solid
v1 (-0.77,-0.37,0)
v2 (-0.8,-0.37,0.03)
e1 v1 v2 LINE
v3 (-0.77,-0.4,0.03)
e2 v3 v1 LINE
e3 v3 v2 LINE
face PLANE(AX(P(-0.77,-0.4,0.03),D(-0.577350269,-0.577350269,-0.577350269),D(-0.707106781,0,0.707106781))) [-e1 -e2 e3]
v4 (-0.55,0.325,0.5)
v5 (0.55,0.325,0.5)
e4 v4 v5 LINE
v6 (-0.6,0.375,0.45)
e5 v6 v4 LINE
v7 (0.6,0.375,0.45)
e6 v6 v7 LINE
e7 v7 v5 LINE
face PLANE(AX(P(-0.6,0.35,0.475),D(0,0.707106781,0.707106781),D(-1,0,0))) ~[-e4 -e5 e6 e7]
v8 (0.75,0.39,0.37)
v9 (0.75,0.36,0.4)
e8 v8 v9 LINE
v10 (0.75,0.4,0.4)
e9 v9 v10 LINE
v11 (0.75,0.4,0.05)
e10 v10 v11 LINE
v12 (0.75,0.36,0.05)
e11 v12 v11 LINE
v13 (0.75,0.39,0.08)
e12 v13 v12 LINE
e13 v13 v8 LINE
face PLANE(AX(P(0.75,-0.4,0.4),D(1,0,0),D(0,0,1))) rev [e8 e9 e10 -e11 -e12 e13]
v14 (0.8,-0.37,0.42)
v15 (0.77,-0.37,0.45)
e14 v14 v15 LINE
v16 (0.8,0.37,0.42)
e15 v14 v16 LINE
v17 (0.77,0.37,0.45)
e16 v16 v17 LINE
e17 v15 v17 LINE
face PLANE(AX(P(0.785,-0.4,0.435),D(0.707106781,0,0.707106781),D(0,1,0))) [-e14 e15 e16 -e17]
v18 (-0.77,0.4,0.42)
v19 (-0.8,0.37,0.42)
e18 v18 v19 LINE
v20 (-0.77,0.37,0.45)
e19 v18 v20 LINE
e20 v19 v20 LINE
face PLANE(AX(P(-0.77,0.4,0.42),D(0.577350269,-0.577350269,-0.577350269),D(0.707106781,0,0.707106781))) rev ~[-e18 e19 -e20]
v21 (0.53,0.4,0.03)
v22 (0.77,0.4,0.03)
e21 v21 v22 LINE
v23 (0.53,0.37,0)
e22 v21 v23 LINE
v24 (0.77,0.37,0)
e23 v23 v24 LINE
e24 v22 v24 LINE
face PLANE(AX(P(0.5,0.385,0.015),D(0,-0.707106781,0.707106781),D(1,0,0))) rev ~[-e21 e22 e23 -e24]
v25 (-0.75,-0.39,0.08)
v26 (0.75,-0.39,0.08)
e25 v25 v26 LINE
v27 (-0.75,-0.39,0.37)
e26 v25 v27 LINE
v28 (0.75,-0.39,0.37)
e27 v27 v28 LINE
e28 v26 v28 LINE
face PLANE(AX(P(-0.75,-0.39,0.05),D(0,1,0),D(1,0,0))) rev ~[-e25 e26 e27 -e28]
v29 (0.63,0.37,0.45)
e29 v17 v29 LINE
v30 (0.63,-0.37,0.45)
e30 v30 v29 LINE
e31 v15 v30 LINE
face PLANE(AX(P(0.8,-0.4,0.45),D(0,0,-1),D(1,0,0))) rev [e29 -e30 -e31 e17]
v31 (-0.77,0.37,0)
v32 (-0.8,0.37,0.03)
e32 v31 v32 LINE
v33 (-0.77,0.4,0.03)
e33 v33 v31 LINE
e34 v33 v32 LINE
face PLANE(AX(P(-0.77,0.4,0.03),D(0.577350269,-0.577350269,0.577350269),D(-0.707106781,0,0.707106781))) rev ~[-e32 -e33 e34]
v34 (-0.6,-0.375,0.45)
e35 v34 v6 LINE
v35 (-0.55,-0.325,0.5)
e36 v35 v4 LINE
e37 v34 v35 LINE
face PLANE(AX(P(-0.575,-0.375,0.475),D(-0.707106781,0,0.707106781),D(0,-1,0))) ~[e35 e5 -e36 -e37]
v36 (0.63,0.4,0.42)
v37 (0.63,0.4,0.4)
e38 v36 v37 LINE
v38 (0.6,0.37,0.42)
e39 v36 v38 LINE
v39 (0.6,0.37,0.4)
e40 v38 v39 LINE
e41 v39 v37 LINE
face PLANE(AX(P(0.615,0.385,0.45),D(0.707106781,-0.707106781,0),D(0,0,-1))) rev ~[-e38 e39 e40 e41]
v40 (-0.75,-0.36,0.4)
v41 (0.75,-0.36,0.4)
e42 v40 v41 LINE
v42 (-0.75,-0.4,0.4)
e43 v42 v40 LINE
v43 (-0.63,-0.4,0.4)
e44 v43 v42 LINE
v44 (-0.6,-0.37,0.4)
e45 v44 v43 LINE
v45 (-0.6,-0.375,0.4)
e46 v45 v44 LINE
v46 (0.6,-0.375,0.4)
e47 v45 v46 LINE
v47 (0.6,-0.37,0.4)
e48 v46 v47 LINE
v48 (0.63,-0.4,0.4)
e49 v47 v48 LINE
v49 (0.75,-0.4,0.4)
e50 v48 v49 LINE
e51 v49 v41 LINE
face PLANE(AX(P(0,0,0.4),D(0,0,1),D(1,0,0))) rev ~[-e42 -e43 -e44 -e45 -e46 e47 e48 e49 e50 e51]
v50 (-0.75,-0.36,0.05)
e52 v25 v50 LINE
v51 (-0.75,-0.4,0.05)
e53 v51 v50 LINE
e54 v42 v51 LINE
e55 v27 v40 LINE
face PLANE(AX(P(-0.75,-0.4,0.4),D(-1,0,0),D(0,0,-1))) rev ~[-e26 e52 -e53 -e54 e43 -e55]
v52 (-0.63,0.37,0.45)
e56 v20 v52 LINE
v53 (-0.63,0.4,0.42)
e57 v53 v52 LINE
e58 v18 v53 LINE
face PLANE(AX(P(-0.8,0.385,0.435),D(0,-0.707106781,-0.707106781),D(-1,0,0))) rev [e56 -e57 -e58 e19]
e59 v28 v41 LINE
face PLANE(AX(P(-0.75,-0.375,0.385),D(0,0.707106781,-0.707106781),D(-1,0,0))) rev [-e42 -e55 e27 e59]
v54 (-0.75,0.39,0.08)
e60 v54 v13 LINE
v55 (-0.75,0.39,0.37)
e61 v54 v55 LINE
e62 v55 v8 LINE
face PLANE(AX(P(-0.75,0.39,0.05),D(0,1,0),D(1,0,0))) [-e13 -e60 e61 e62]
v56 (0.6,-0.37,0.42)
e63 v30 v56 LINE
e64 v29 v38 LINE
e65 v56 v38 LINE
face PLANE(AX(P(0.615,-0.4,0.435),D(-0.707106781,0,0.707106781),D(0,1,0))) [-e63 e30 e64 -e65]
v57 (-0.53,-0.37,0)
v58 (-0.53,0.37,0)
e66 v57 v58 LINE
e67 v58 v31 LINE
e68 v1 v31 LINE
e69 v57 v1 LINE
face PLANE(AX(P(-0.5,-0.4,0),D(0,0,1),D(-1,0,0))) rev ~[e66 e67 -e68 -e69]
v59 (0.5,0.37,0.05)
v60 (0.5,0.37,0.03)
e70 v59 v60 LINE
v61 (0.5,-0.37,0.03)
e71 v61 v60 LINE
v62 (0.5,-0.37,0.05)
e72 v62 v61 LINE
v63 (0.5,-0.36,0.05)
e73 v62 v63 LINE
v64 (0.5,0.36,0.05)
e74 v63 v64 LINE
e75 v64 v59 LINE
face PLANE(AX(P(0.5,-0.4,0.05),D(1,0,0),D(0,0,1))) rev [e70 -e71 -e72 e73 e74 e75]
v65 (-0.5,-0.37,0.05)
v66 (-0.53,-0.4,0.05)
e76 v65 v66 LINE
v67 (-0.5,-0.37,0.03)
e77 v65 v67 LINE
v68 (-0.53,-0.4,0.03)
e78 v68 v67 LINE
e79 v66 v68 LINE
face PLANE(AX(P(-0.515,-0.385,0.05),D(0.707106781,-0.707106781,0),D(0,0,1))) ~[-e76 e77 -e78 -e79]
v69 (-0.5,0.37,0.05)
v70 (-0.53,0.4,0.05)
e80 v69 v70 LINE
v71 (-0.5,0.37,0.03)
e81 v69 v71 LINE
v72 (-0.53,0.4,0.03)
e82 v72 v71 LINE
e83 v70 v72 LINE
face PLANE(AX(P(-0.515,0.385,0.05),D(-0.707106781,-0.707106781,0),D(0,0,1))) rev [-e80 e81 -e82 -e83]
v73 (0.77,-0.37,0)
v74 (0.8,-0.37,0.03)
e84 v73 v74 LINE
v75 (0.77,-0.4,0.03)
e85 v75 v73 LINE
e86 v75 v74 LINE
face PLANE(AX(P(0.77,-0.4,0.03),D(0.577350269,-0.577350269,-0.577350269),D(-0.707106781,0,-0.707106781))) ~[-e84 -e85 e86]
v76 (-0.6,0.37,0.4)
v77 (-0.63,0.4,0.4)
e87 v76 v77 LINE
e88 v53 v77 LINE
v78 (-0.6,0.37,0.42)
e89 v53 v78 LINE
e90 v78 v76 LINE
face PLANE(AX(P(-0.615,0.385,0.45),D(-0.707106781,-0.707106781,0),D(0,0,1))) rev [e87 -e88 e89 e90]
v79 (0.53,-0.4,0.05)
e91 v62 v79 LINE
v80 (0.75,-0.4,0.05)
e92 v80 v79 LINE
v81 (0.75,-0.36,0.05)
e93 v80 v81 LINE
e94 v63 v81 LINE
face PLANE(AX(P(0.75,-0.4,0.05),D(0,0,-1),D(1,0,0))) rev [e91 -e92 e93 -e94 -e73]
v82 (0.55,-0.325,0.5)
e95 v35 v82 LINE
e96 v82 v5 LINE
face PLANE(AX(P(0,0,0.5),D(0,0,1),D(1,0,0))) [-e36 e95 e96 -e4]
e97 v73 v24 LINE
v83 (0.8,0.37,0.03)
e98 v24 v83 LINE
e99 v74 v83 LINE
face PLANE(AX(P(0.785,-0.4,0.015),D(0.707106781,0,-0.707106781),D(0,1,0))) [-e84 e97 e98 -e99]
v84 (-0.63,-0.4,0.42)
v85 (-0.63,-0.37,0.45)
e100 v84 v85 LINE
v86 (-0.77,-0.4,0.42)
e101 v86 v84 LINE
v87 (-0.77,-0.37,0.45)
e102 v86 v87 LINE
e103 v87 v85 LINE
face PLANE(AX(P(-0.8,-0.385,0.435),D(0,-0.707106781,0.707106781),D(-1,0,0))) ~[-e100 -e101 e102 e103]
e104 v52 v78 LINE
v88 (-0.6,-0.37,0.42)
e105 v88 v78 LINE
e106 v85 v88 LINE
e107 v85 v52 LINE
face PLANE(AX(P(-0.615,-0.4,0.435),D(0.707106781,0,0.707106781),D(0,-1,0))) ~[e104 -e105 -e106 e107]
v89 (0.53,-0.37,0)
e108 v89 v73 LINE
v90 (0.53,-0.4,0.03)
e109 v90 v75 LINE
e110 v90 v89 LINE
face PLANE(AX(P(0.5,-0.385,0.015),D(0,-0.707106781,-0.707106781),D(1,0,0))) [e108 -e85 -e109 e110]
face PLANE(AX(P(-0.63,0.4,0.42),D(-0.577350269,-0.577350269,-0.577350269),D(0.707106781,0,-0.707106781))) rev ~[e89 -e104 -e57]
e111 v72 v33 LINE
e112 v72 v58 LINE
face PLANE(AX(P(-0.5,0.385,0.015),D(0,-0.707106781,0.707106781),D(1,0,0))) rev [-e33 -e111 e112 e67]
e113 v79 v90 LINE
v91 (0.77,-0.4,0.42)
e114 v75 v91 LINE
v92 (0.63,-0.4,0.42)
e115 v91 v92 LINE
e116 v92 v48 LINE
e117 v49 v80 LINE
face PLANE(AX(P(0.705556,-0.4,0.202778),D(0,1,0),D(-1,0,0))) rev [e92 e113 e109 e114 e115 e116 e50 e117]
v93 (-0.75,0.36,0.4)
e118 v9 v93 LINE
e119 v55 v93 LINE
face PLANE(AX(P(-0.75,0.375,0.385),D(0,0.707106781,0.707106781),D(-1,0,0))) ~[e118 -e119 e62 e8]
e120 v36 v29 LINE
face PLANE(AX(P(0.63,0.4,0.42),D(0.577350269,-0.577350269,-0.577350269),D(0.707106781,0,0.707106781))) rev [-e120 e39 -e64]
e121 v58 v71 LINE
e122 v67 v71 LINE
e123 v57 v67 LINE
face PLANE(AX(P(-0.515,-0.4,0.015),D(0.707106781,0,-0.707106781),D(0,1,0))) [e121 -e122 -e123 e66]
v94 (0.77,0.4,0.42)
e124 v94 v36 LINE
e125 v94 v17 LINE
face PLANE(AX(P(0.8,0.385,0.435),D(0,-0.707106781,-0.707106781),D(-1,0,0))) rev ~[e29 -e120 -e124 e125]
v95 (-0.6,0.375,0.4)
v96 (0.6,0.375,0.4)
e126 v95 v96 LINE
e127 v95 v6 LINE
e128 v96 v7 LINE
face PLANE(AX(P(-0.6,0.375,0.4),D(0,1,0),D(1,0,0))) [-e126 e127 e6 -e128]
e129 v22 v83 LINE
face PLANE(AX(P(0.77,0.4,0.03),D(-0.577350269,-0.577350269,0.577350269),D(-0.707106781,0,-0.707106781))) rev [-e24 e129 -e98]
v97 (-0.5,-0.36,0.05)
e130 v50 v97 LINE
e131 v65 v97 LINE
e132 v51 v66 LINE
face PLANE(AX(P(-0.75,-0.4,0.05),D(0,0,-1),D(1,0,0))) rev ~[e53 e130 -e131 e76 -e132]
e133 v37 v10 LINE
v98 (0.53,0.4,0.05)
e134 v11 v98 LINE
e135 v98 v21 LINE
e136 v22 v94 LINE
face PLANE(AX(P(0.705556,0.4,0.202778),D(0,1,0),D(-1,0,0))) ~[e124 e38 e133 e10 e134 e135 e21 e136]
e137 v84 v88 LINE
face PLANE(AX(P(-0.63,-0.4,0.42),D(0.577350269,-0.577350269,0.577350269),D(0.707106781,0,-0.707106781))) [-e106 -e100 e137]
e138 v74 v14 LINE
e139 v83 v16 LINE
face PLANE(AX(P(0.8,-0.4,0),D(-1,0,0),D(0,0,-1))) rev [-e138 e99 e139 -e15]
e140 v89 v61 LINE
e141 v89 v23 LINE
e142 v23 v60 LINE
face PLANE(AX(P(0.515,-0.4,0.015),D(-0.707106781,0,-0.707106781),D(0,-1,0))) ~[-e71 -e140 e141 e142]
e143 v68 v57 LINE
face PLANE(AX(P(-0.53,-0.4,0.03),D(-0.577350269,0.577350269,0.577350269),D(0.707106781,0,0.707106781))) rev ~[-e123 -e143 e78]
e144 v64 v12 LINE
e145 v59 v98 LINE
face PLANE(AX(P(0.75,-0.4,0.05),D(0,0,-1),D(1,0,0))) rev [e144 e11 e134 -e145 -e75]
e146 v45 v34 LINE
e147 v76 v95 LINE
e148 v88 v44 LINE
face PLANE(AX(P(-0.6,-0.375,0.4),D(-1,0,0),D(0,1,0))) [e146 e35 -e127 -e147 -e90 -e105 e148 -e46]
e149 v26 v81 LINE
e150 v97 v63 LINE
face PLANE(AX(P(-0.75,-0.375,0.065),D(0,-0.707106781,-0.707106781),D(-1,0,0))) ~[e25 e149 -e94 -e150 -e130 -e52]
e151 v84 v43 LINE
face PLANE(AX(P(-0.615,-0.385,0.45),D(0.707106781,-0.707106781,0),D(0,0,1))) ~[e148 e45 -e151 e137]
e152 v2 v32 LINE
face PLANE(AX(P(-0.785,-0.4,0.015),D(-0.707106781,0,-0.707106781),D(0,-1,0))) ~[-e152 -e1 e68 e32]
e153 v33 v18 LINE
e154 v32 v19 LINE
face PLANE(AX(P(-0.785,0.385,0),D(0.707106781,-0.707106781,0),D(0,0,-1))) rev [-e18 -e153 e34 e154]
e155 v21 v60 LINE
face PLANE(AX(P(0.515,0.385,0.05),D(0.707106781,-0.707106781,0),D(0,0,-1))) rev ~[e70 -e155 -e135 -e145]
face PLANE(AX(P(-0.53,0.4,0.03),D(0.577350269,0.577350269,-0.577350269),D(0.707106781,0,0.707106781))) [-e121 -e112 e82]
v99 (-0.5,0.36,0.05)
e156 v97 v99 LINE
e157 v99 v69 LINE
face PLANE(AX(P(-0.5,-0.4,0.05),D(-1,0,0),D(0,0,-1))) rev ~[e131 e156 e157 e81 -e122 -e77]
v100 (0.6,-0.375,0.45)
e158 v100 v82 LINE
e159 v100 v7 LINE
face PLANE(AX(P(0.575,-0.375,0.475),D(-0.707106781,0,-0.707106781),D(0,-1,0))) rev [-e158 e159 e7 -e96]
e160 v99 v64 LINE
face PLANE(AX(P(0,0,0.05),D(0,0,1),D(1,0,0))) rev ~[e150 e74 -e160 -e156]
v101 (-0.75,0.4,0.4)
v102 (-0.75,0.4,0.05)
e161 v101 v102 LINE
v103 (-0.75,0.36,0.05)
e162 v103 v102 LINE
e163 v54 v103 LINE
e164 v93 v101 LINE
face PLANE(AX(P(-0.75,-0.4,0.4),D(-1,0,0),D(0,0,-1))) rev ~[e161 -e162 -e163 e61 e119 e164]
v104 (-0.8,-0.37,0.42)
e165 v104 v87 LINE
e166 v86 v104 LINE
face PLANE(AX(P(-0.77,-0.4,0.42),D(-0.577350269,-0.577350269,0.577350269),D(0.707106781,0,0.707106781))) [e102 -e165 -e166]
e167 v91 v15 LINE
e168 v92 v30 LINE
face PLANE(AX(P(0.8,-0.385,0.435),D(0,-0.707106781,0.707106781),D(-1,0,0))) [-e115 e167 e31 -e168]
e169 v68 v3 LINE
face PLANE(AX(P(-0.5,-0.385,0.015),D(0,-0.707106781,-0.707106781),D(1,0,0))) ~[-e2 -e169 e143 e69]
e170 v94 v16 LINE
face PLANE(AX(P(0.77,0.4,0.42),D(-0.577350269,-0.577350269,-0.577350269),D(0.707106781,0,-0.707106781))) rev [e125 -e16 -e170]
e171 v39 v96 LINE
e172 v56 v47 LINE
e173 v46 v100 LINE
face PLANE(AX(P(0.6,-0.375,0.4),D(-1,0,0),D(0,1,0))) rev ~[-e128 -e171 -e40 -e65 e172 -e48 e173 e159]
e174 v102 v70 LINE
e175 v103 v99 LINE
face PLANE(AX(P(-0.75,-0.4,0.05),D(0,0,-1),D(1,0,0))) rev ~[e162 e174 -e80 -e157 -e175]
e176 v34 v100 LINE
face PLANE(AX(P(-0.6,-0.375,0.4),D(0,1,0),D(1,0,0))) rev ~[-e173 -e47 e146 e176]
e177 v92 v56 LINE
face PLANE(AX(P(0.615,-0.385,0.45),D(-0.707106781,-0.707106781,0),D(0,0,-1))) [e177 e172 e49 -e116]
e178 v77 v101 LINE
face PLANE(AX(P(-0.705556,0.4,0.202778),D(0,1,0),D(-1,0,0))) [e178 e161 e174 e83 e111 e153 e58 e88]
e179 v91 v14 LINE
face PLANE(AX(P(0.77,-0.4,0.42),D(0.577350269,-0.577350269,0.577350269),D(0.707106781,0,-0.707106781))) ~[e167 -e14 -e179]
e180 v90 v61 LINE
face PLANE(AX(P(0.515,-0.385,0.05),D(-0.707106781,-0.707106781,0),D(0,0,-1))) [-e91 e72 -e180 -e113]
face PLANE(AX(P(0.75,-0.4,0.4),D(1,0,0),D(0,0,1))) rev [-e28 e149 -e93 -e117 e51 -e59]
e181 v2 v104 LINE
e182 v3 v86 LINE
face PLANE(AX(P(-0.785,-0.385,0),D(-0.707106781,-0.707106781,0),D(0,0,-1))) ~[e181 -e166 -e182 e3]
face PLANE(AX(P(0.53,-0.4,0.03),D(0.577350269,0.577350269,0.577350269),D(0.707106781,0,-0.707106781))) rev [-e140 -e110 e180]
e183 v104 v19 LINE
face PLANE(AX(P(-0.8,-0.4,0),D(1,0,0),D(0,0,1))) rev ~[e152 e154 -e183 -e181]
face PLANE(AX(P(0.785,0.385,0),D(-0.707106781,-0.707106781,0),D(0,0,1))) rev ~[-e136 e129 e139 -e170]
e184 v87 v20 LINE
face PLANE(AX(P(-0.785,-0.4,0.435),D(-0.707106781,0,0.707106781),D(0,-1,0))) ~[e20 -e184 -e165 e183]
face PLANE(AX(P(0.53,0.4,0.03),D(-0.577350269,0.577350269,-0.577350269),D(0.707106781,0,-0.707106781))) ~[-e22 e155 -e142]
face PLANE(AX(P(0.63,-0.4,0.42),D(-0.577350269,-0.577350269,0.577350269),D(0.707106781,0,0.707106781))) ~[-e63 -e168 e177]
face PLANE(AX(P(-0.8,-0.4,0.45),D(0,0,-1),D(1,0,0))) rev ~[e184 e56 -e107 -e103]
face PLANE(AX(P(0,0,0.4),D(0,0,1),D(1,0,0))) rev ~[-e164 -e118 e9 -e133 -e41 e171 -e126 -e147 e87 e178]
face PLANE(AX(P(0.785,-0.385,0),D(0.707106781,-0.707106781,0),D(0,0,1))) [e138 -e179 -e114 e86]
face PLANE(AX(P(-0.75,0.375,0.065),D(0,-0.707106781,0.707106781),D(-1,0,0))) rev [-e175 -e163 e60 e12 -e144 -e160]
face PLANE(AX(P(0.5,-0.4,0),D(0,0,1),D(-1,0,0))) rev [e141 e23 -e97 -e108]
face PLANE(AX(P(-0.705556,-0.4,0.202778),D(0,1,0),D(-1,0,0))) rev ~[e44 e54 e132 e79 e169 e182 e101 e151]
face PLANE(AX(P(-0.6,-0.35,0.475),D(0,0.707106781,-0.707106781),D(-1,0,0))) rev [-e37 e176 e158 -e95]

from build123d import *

# Parameters (mm, degrees)
BOX_W                          = 1.5
BOX_H                          = 0.78
BOX_DEPTH                      = 0.35
CHAMFER_SIZE                   = 0.03
BOX001_W                       = 1.2
BOX001_H                       = 0.75
BOX001_DEPTH                   = 0.1
CHAMFER002_SIZE                = 0.05
EXTRUDE_DEPTH                  = 0.8
EXTRUDE_ONTO_SKETCH_ROLL_ANGLE = 90
CHAMFER001_SIZE                = 0.03


with BuildPart() as chamferbody:
    # Box → Box (new body)
    with BuildSketch(Plane(origin=(-0.75, 0.01, 0.05), x_dir=(1, 0, 0), z_dir=(0, 0, 1))):
        with Locations((0.75, 0.39)):
            Rectangle(BOX_W, BOX_H)
    extrude(amount=BOX_DEPTH)

    # Chamfer
    chamfer_edges = [chamferbody.edges().sort_by_distance(p)[0] for p in [
        (0, 0.01, 0.05),
        (0, 0.01, 0.4),
        (0, 0.79, 0.05),
        (0, 0.79, 0.4),
    ]]
    chamfer(chamfer_edges, length=CHAMFER_SIZE)


with BuildPart() as chamfer002:
    # Box001 → Box001 (new body)
    with BuildSketch(Plane(origin=(-0.6, 0.025, 0.4), x_dir=(1, 0, 0), z_dir=(0, 0, 1))):
        with Locations((0.6, 0.375)):
            Rectangle(BOX001_W, BOX001_H)
    extrude(amount=BOX001_DEPTH)

    # Chamfer002
    chamfer002_edges = [chamfer002.edges().sort_by_distance(p)[0] for p in [
        (-0.6, 0.4, 0.5),
        (0.6, 0.4, 0.5),
        (0, 0.025, 0.5),
        (0, 0.775, 0.5),
    ]]
    chamfer(chamfer002_edges, length=CHAMFER002_SIZE)


with BuildPart() as chamferpads:
    # Sketch as drawn → Extrude (new)
    with BuildSketch(Plane.XY):
        Polygon((-0.5, 0), (-0.8, 0), (-0.8, 0.45), (-0.6, 0.45), (-0.6, 0.4), (-0.75, 0.4), (-0.75, 0.05), (-0.5, 0.05), align=None)
    extrude(amount=-EXTRUDE_DEPTH)


with BuildPart() as chamferpads_1:
    # Extrude onto Sketch roll: moved
    add(chamferpads.part.rotate(Axis((0, 0, 0), (1, 0, 0)), EXTRUDE_ONTO_SKETCH_ROLL_ANGLE))


with BuildPart() as chamferpads_2:
    # Extrude onto Sketch placement: moved
    add(chamferpads_1.part)

    # Chamfer001
    chamfer001_edges = [chamferpads_2.edges().sort_by_distance(p)[0] for p in [
        (-0.5, 0.4, 0),
        (-0.8, 0.4, 0),
        (-0.65, 0, 0),
        (-0.65, 0.8, 0),
        (-0.8, 0.4, 0.45),
        (-0.8, 0, 0.225),
        (-0.8, 0.8, 0.225),
        (-0.6, 0.4, 0.45),
        (-0.7, 0, 0.45),
        (-0.7, 0.8, 0.45),
        (-0.6, 0, 0.425),
        (-0.6, 0.8, 0.425),
        (-0.5, 0, 0.025),
        (-0.5, 0.8, 0.025),
    ]]
    chamfer(chamfer001_edges, length=CHAMFER001_SIZE)


with BuildPart() as part_mirroring:
    # Part__Mirroring: instance of ChamferPads
    add(chamferpads_2.part.mirror(Plane(origin=(0, 0, 0), x_dir=(0, -1, 0), z_dir=(1, 0, 0))))


with BuildPart() as fusion001:
    # Fusion base: copy of ChamferPads
    add(chamferpads_2.part)

    # Fusion: union Part__Mirroring
    add(part_mirroring.part)

    # Fusion001: union ChamferBody, Chamfer002
    add(chamferbody.part)
    add(chamfer002.part)


with BuildPart() as fusion001_1:
    # Fusion001 placement: moved
    add(fusion001.part.moved(Location((0, -0.4, 0))))


solid = fusion001_1.part
